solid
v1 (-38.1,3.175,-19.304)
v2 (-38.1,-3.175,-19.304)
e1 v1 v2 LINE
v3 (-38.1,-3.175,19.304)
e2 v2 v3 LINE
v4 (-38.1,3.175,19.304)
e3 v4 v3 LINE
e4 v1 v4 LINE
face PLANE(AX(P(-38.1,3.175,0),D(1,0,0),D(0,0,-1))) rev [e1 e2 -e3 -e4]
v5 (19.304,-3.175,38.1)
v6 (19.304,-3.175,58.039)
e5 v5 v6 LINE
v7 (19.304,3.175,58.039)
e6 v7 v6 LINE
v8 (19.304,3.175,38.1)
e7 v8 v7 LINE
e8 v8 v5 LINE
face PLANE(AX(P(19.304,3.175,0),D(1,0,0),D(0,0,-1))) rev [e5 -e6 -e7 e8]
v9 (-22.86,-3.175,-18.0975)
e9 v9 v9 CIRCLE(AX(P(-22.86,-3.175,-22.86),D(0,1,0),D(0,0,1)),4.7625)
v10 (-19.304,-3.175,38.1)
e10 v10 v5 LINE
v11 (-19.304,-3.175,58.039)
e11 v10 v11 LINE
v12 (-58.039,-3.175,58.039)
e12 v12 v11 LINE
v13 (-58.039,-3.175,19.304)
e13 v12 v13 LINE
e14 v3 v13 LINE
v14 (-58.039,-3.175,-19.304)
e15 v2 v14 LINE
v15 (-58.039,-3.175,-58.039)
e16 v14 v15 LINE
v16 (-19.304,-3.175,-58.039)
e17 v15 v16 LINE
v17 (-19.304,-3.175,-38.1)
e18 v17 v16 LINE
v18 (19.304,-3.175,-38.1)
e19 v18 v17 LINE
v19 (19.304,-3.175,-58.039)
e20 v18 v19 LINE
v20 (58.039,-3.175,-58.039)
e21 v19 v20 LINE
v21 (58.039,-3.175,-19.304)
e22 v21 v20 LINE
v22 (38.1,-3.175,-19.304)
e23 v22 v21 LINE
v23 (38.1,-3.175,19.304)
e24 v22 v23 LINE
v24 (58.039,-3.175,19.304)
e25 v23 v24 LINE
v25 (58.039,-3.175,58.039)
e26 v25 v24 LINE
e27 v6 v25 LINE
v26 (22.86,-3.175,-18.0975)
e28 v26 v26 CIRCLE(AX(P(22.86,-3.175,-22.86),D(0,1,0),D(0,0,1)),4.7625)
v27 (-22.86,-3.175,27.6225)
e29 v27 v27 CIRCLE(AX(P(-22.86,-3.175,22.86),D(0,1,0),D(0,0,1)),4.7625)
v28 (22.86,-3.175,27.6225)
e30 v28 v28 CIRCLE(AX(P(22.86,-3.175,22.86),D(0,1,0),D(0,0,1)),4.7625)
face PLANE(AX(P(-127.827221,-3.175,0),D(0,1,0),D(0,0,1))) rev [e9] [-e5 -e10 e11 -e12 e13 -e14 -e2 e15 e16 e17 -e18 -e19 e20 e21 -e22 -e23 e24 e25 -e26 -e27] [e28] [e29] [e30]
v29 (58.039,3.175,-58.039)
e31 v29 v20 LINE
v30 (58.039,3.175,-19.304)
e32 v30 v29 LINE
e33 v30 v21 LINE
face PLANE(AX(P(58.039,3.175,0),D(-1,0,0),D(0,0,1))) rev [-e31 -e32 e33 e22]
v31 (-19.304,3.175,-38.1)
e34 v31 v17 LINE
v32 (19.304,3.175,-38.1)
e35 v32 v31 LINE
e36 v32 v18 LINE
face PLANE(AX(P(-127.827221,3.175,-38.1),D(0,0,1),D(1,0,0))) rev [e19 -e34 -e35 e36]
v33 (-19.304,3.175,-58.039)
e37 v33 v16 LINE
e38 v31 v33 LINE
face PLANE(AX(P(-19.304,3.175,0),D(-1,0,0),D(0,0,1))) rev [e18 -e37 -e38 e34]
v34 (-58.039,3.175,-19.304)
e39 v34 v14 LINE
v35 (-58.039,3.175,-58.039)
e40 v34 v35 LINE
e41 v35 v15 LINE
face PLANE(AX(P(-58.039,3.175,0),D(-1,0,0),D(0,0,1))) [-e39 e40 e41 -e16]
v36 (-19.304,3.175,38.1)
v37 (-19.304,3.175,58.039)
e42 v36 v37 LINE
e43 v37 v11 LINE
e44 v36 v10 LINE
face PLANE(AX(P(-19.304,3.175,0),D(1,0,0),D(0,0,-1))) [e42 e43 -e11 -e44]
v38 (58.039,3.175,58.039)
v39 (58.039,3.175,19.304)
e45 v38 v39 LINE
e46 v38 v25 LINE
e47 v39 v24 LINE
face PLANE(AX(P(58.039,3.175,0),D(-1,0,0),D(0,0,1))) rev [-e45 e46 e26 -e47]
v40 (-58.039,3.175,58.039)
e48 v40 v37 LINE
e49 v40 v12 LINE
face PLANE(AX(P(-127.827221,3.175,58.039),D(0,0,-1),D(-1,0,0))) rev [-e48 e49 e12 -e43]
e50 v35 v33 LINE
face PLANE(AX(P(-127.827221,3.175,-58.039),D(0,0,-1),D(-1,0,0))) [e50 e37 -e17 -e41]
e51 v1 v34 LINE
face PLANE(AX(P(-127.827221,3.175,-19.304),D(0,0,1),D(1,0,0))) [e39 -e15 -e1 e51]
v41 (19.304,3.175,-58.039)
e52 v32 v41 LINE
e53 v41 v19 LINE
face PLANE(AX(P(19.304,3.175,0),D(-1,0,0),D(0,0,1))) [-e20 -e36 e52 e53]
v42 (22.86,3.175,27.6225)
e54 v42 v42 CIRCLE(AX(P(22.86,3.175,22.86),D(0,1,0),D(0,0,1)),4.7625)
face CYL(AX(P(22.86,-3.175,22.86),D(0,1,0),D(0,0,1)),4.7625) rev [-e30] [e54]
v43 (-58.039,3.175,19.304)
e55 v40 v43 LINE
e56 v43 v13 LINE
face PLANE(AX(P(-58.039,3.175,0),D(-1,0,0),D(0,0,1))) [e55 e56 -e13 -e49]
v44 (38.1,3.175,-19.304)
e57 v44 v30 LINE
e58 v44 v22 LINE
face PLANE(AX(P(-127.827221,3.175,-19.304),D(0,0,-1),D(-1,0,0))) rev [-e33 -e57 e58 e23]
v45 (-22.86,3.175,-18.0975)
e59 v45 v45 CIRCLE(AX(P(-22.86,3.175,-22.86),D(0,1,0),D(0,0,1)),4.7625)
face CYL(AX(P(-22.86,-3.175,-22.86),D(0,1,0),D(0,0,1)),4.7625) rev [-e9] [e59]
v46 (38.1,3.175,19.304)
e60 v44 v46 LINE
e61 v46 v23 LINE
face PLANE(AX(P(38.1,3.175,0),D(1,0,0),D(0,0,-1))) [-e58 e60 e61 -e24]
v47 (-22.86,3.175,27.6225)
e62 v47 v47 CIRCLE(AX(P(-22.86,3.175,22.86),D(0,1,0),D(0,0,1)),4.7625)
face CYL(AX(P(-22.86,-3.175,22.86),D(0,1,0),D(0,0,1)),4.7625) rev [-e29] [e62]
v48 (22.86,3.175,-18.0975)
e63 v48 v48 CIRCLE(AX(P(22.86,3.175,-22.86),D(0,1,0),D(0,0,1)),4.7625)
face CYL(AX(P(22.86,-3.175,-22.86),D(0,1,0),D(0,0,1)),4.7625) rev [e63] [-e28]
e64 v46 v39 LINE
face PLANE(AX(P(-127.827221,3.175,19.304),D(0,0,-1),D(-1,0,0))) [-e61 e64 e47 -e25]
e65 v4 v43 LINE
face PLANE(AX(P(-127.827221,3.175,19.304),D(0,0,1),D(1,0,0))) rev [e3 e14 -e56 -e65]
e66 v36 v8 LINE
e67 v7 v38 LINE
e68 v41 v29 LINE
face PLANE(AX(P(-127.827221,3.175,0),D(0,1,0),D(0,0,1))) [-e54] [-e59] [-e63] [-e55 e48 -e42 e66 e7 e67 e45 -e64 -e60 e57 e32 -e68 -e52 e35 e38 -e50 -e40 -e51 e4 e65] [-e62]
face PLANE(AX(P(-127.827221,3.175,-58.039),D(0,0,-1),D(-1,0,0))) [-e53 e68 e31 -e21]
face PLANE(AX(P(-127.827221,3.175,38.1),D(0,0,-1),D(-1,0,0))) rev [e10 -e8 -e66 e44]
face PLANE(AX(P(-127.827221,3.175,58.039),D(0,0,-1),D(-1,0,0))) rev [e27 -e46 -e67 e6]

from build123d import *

# Parameters (mm, degrees)
BOSS_EXTRUDE1_DEPTH = 3.175
SKETCH2_R           = 4.7625
CUT_EXTRUDE1_DEPTH  = 7.35


with BuildPart() as part:
    # Sketch1 → Boss-Extrude1 (new body, symmetric)
    with BuildSketch(Plane(origin=(0, 0, 0), x_dir=(1, 0, 0), z_dir=(0, 1, 0))):
        Polygon((-58.039, -19.304), (-58.039, -58.039), (-19.304, -58.039), (-19.304, -38.1), (19.304, -38.1), (19.304, -58.039), (58.039, -58.039), (58.039, -19.304), (38.1, -19.304), (38.1, 19.304), (58.039, 19.304), (58.039, 58.039), (19.304, 58.039), (19.304, 38.1), (-19.304, 38.1), (-19.304, 58.039), (-58.039, 58.039), (-58.039, 19.304), (-38.1, 19.304), (-38.1, -19.304), align=None)
    extrude(amount=BOSS_EXTRUDE1_DEPTH, both=True)

    # Sketch2 → Cut-Extrude1 (cut, through all)
    with BuildSketch(Plane(origin=(0, 3.175, 0), x_dir=(1, 0, 0), z_dir=(0, 1, 0))):
        with Locations((-22.86, 22.86)):
            Circle(SKETCH2_R)
        with Locations((-22.86, -22.86)):
            Circle(SKETCH2_R)
        with Locations((22.86, -22.86)):
            Circle(SKETCH2_R)
        with Locations((22.86, 22.86)):
            Circle(SKETCH2_R)
    extrude(amount=-CUT_EXTRUDE1_DEPTH, mode=Mode.SUBTRACT)


solid = part.part
